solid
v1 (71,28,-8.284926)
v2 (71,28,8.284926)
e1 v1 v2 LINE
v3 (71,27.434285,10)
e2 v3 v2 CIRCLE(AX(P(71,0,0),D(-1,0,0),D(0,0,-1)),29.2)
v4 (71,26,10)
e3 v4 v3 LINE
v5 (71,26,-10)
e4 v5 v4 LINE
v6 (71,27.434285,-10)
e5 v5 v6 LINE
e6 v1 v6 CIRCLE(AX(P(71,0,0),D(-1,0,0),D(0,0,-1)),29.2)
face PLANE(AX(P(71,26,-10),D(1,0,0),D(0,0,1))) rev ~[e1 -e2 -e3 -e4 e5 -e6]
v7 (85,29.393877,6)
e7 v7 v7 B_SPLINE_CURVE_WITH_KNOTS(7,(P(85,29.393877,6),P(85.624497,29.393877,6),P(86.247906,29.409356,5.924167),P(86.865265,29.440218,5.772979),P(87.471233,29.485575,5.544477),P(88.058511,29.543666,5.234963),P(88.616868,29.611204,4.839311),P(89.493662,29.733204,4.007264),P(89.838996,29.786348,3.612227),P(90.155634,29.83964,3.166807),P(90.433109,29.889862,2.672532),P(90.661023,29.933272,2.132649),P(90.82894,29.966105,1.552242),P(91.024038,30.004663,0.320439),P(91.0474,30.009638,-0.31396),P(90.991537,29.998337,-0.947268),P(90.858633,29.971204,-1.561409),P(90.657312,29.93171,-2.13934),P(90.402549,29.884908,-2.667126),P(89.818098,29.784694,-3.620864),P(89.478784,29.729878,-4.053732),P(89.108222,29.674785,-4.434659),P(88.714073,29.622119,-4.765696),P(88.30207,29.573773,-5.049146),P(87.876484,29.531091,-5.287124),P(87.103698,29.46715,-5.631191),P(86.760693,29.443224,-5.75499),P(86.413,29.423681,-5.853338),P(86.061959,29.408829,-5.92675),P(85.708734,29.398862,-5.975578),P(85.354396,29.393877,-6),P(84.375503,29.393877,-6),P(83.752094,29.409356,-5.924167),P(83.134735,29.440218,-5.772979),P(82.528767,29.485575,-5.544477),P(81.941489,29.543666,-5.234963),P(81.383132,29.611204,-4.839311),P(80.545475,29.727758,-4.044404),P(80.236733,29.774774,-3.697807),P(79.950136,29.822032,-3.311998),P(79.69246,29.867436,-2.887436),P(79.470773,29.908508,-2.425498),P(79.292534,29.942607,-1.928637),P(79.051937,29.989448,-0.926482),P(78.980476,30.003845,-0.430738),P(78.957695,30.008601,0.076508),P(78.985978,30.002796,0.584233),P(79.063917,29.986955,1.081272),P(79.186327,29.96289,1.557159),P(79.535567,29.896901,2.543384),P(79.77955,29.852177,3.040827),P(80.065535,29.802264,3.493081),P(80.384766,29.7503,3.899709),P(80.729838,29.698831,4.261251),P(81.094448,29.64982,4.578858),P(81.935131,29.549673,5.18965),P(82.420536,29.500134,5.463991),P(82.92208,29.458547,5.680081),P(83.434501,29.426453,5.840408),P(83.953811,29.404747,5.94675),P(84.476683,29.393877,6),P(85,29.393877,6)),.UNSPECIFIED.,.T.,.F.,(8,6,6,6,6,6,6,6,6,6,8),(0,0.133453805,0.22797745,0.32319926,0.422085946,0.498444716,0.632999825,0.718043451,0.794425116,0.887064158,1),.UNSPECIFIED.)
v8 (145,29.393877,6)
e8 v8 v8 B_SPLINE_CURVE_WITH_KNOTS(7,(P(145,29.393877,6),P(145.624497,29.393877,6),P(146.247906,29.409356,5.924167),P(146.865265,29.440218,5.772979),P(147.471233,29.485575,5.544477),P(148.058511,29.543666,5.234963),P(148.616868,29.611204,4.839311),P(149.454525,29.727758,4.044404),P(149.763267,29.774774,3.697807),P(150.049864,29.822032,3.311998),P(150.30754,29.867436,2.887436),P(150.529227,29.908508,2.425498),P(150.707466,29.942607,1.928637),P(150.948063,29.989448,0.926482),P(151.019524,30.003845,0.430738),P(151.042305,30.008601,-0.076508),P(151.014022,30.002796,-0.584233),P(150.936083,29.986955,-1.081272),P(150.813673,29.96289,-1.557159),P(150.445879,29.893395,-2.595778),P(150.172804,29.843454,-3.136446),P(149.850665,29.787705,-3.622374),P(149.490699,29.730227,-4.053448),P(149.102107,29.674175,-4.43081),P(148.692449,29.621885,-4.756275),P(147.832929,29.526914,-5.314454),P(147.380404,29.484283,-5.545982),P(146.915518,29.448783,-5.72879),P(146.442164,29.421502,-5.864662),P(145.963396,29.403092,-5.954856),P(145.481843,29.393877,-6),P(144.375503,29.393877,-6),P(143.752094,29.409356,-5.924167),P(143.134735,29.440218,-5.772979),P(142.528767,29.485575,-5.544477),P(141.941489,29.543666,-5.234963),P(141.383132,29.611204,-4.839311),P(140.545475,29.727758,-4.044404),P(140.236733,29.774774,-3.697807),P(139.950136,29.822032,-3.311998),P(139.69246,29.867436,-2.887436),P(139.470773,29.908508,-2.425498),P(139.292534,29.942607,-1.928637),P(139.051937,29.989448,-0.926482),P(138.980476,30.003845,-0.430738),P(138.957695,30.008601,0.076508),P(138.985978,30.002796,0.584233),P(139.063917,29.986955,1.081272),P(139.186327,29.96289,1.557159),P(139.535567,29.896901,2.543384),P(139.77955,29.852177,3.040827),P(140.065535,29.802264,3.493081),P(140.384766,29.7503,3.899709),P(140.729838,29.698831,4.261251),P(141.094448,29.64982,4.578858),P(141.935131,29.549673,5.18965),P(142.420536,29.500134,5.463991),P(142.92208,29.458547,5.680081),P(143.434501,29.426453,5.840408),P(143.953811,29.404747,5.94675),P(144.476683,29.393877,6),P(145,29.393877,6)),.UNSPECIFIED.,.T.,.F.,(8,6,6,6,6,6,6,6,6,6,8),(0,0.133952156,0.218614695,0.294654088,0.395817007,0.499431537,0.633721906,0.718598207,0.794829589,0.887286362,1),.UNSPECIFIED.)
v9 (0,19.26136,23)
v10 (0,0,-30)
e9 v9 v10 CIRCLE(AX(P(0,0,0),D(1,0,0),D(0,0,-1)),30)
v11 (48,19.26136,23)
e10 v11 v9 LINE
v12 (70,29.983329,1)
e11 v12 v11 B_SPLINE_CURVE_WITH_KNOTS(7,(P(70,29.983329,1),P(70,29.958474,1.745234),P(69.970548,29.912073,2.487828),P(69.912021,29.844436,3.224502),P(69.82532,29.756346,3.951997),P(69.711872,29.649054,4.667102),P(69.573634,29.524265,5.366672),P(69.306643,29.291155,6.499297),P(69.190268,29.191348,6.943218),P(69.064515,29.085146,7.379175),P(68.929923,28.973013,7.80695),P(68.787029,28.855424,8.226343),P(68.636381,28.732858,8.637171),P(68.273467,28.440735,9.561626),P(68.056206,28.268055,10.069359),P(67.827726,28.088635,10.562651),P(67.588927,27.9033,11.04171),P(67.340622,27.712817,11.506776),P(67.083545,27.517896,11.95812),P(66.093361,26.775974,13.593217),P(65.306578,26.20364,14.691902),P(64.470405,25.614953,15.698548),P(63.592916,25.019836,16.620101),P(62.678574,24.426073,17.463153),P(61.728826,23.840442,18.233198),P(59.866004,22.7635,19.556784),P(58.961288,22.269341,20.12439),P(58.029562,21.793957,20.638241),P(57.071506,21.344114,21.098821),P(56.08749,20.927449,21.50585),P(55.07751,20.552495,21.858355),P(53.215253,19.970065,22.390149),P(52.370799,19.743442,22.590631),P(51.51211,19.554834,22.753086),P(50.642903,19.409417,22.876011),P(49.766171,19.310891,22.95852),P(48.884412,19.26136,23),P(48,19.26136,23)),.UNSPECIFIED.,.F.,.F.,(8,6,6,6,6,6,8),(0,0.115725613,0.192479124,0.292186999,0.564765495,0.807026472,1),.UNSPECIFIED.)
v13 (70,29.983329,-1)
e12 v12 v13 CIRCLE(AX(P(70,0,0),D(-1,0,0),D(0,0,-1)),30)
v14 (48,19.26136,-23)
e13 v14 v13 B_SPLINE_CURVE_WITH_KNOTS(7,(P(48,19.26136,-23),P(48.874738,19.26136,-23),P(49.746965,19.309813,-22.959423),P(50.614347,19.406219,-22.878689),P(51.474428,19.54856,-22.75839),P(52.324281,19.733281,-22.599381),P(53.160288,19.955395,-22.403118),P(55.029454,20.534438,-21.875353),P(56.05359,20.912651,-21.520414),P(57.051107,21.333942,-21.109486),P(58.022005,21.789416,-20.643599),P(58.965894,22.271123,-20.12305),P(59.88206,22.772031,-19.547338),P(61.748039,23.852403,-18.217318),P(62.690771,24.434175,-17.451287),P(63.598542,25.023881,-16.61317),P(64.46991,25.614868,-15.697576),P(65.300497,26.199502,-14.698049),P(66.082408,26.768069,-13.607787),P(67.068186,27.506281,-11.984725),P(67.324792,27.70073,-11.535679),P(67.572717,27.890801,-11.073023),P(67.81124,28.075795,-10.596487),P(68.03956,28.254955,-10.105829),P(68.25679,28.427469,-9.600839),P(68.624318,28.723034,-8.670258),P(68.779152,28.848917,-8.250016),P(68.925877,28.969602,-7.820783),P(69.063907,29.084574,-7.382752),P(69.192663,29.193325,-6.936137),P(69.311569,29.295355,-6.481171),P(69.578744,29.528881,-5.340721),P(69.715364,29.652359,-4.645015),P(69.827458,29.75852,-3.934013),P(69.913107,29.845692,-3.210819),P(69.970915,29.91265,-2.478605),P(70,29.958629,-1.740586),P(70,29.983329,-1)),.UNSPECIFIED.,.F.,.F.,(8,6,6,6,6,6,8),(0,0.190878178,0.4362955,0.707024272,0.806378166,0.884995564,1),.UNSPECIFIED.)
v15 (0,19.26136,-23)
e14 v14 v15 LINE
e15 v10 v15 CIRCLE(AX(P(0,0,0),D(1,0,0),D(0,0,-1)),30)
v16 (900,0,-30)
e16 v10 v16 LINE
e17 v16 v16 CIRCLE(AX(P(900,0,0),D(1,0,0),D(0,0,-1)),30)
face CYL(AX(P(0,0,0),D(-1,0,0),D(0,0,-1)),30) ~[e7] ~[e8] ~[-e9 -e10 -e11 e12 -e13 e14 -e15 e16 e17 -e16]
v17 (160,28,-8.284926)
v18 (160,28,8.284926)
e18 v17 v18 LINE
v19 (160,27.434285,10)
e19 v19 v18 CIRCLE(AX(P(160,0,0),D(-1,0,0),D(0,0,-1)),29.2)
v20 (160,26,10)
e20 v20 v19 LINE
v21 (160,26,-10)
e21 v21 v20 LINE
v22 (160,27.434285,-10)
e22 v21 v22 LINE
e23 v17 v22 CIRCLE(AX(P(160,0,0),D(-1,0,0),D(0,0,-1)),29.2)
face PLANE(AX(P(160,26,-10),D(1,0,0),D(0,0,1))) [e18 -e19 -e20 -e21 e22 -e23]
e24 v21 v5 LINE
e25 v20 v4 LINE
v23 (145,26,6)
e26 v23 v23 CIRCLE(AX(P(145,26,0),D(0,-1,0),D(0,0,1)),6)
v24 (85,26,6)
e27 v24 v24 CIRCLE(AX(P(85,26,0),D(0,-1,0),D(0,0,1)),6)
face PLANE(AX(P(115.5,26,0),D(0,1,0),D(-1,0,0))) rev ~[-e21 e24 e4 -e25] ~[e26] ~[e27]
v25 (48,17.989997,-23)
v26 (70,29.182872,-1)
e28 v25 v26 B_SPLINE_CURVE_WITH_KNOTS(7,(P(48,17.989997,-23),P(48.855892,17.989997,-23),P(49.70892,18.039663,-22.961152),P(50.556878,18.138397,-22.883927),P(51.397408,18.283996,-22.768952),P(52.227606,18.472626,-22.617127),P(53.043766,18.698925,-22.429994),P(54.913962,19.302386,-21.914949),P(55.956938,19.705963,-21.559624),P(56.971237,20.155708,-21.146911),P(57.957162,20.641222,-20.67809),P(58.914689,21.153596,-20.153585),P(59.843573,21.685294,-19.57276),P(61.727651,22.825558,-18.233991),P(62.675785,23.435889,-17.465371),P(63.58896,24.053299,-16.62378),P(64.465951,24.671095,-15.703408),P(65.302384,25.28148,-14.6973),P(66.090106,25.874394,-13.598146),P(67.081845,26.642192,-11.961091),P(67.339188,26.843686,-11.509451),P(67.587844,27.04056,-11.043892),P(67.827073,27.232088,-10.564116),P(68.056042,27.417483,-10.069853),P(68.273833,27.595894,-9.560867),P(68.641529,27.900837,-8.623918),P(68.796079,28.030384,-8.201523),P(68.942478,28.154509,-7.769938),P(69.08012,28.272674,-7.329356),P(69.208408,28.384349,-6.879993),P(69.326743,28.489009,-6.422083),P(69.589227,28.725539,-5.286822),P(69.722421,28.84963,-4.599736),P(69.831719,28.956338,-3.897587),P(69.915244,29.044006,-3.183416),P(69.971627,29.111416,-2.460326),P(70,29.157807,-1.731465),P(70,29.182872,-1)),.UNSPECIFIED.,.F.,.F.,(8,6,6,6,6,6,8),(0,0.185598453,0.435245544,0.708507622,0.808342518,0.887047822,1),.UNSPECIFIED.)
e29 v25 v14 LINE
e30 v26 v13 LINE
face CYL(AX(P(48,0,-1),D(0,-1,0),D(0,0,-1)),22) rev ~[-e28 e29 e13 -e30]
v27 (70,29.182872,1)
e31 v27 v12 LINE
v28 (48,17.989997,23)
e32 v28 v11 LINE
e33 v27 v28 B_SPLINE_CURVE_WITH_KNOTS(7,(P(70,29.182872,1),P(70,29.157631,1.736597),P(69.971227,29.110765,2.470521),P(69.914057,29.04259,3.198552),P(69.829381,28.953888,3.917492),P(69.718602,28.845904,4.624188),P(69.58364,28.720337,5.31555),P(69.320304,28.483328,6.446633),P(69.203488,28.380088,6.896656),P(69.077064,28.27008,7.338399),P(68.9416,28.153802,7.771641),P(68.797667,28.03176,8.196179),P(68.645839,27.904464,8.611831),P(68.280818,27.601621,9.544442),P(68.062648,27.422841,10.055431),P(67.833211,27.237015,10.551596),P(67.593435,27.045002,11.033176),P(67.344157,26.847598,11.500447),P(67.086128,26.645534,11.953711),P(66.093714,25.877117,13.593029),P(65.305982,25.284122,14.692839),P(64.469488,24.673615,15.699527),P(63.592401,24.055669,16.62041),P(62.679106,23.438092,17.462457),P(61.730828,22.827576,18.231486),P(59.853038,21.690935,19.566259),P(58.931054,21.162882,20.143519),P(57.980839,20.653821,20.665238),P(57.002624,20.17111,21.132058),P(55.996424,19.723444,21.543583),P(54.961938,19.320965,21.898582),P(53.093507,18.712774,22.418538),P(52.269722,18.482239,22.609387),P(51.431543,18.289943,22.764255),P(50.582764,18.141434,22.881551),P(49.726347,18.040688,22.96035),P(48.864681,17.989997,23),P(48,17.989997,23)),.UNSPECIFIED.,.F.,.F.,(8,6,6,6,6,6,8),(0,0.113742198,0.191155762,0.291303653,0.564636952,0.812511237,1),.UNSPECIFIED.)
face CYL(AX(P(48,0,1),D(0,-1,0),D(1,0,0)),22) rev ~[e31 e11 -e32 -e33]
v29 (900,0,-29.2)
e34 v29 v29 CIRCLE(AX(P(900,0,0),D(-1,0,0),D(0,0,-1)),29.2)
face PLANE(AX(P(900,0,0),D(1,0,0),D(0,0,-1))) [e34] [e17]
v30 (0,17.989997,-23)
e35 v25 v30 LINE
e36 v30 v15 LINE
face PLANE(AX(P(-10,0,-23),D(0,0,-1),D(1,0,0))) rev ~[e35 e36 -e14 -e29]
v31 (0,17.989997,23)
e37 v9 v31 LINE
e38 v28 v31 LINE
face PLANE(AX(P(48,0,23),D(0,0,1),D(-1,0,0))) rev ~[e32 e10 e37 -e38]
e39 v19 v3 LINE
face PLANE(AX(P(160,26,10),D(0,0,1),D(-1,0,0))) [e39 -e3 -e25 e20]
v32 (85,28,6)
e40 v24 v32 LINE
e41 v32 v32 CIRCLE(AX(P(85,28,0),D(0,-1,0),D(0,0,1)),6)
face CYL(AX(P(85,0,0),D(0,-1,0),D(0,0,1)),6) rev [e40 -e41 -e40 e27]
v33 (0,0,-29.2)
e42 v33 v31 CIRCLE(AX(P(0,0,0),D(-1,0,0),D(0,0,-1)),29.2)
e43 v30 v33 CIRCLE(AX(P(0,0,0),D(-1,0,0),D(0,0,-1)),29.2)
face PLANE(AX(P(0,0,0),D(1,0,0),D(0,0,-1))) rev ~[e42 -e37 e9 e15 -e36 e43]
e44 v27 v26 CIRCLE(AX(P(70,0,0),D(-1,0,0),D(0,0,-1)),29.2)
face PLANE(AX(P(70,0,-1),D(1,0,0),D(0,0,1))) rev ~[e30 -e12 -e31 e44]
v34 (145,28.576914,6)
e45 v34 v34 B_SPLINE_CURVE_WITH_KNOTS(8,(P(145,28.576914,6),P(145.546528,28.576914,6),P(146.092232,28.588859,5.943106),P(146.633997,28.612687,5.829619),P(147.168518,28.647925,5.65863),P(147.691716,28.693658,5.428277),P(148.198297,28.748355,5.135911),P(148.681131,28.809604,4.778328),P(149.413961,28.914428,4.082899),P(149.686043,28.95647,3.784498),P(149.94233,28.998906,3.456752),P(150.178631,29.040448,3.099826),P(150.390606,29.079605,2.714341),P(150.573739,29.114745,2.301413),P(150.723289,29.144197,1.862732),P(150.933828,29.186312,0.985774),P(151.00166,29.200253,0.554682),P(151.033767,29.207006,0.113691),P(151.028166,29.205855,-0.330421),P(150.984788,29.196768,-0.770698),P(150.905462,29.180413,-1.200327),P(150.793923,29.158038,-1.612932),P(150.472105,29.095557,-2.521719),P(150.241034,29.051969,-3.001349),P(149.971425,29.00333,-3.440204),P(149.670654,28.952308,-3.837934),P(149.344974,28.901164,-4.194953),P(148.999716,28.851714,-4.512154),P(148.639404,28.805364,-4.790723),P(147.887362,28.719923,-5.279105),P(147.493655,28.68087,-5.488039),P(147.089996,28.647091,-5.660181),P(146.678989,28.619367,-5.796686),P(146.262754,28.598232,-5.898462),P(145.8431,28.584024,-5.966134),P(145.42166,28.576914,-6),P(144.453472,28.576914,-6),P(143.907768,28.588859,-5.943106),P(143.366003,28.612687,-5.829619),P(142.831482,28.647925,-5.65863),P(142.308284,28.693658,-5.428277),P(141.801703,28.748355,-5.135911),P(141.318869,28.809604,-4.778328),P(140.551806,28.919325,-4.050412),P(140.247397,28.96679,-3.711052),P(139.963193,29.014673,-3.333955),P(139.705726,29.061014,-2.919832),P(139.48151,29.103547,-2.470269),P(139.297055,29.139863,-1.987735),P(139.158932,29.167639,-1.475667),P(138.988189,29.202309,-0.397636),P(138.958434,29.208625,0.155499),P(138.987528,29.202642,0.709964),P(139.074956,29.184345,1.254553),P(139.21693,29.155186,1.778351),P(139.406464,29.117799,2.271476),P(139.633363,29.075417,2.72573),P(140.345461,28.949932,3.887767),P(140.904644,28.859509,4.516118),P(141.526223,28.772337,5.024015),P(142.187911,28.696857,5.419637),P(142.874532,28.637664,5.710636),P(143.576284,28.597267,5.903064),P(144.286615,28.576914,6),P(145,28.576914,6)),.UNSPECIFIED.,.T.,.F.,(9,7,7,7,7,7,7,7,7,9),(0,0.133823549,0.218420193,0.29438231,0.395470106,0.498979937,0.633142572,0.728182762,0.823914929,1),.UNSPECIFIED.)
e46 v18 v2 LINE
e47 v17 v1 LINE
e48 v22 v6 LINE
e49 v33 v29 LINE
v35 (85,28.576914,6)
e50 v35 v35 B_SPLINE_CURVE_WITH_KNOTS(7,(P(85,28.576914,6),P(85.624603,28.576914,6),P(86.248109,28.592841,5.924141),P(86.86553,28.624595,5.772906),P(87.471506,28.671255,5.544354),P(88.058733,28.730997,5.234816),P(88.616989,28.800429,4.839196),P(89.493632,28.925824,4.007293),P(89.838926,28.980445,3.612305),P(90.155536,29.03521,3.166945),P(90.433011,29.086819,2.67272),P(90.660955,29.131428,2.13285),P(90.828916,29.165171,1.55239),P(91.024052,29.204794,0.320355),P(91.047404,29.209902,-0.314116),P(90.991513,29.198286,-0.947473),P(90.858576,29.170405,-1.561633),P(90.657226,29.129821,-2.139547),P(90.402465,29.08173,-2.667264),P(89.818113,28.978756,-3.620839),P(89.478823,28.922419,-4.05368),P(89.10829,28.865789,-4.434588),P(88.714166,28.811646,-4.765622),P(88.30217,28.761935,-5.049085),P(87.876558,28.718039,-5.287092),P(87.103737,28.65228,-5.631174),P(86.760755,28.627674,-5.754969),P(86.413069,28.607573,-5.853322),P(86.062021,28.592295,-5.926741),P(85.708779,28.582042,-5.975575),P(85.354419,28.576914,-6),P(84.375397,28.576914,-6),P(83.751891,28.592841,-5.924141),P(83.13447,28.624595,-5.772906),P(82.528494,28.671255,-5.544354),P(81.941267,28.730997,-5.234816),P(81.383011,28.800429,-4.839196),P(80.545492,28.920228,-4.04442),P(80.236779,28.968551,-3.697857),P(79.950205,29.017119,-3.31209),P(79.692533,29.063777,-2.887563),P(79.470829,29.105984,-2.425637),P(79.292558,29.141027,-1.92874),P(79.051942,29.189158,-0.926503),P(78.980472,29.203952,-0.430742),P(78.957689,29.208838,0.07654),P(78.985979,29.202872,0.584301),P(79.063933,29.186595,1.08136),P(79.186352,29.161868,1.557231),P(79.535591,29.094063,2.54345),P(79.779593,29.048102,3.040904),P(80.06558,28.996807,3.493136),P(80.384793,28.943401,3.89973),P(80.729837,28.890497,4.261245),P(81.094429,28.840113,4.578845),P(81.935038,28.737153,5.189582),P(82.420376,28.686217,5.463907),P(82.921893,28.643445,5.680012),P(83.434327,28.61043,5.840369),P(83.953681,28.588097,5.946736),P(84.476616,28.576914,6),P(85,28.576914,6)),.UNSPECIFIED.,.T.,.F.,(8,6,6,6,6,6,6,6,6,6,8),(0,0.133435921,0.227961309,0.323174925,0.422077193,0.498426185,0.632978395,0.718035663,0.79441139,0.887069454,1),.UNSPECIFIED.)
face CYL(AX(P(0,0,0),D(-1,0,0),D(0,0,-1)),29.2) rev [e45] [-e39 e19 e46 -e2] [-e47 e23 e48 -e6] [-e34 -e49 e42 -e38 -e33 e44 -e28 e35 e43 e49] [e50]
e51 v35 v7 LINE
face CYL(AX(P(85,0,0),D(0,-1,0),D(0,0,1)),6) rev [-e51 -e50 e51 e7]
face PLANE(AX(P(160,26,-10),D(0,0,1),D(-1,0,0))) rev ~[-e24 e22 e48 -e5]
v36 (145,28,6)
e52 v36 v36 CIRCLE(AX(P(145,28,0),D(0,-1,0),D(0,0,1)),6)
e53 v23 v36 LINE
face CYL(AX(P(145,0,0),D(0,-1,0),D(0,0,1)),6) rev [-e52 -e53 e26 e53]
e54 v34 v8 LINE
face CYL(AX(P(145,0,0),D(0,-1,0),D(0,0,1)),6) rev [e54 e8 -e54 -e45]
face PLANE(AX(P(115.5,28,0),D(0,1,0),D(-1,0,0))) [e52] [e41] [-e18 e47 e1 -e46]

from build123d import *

# Parameters (mm, degrees)
ESQUISSE1_R             = 30
BASE_EXTRUSION_DEPTH    = 900
COQUE1_T                = -0.8
ENL_V_MAT_EXTRU_1_DEPTH = 100
ESQUISSE4_W             = 89
ESQUISSE4_H             = 20
BOSS_EXTRU_1_DEPTH      = 2
ESQUISSE3_R             = 6
ENL_V_MAT_EXTRU_2_DEPTH = 100


with BuildPart() as part:
    # Esquisse1 → Base-Extrusion (new body)
    with BuildSketch(Plane(origin=(0, 0, 0), x_dir=(0, 0, -1), z_dir=(1, 0, 0))):
        Circle(ESQUISSE1_R)
    extrude(amount=BASE_EXTRUSION_DEPTH)

    # Coque1
    coque1_openings = [part.faces().sort_by_distance(p)[0] for p in [
        (900, 0, 0),
        (0, 0, 0),
    ]]
    offset(amount=COQUE1_T, openings=coque1_openings, kind=Kind.INTERSECTION)

    # Esquisse2 → Enlèv. mat.-Extru.1 (cut)
    with BuildSketch(Plane(origin=(0, 0, 0), x_dir=(1, 0, 0), z_dir=(0, 1, 0))):
        with BuildLine():
            Line((-10, 23), (48, 23))
            ThreePointArc((48, 23), (63.556349186, 16.556349186), (70, 1))
            Line((70, 1), (70, -1))
            ThreePointArc((70, -1), (63.556349186, -16.556349186), (48, -23))
            Line((48, -23), (-10, -23))
            Line((-10, -23), (-10, 23))
        make_face()
    extrude(amount=ENL_V_MAT_EXTRU_1_DEPTH, mode=Mode.SUBTRACT)

    # Esquisse4 → Boss.-Extru.1 (add)
    with BuildSketch(Plane(origin=(0, 26, 0), x_dir=(-1, 0, 0), z_dir=(0, 1, 0))):
        with Locations((-115.5, 0)):
            Rectangle(ESQUISSE4_W, ESQUISSE4_H)
    extrude(amount=BOSS_EXTRU_1_DEPTH)

    # Esquisse3 → Enlèv. mat.-Extru.2 (cut)
    with BuildSketch(Plane(origin=(0, 0, 0), x_dir=(1, 0, 0), z_dir=(0, 1, 0))):
        with Locations(Location((85, 0, 0), (0, 0, 270))):
            Circle(ESQUISSE3_R)
        with Locations(Location((145, 0, 0), (0, 0, 270))):
            Circle(ESQUISSE3_R)
    extrude(amount=ENL_V_MAT_EXTRU_2_DEPTH, mode=Mode.SUBTRACT)


solid = part.part
